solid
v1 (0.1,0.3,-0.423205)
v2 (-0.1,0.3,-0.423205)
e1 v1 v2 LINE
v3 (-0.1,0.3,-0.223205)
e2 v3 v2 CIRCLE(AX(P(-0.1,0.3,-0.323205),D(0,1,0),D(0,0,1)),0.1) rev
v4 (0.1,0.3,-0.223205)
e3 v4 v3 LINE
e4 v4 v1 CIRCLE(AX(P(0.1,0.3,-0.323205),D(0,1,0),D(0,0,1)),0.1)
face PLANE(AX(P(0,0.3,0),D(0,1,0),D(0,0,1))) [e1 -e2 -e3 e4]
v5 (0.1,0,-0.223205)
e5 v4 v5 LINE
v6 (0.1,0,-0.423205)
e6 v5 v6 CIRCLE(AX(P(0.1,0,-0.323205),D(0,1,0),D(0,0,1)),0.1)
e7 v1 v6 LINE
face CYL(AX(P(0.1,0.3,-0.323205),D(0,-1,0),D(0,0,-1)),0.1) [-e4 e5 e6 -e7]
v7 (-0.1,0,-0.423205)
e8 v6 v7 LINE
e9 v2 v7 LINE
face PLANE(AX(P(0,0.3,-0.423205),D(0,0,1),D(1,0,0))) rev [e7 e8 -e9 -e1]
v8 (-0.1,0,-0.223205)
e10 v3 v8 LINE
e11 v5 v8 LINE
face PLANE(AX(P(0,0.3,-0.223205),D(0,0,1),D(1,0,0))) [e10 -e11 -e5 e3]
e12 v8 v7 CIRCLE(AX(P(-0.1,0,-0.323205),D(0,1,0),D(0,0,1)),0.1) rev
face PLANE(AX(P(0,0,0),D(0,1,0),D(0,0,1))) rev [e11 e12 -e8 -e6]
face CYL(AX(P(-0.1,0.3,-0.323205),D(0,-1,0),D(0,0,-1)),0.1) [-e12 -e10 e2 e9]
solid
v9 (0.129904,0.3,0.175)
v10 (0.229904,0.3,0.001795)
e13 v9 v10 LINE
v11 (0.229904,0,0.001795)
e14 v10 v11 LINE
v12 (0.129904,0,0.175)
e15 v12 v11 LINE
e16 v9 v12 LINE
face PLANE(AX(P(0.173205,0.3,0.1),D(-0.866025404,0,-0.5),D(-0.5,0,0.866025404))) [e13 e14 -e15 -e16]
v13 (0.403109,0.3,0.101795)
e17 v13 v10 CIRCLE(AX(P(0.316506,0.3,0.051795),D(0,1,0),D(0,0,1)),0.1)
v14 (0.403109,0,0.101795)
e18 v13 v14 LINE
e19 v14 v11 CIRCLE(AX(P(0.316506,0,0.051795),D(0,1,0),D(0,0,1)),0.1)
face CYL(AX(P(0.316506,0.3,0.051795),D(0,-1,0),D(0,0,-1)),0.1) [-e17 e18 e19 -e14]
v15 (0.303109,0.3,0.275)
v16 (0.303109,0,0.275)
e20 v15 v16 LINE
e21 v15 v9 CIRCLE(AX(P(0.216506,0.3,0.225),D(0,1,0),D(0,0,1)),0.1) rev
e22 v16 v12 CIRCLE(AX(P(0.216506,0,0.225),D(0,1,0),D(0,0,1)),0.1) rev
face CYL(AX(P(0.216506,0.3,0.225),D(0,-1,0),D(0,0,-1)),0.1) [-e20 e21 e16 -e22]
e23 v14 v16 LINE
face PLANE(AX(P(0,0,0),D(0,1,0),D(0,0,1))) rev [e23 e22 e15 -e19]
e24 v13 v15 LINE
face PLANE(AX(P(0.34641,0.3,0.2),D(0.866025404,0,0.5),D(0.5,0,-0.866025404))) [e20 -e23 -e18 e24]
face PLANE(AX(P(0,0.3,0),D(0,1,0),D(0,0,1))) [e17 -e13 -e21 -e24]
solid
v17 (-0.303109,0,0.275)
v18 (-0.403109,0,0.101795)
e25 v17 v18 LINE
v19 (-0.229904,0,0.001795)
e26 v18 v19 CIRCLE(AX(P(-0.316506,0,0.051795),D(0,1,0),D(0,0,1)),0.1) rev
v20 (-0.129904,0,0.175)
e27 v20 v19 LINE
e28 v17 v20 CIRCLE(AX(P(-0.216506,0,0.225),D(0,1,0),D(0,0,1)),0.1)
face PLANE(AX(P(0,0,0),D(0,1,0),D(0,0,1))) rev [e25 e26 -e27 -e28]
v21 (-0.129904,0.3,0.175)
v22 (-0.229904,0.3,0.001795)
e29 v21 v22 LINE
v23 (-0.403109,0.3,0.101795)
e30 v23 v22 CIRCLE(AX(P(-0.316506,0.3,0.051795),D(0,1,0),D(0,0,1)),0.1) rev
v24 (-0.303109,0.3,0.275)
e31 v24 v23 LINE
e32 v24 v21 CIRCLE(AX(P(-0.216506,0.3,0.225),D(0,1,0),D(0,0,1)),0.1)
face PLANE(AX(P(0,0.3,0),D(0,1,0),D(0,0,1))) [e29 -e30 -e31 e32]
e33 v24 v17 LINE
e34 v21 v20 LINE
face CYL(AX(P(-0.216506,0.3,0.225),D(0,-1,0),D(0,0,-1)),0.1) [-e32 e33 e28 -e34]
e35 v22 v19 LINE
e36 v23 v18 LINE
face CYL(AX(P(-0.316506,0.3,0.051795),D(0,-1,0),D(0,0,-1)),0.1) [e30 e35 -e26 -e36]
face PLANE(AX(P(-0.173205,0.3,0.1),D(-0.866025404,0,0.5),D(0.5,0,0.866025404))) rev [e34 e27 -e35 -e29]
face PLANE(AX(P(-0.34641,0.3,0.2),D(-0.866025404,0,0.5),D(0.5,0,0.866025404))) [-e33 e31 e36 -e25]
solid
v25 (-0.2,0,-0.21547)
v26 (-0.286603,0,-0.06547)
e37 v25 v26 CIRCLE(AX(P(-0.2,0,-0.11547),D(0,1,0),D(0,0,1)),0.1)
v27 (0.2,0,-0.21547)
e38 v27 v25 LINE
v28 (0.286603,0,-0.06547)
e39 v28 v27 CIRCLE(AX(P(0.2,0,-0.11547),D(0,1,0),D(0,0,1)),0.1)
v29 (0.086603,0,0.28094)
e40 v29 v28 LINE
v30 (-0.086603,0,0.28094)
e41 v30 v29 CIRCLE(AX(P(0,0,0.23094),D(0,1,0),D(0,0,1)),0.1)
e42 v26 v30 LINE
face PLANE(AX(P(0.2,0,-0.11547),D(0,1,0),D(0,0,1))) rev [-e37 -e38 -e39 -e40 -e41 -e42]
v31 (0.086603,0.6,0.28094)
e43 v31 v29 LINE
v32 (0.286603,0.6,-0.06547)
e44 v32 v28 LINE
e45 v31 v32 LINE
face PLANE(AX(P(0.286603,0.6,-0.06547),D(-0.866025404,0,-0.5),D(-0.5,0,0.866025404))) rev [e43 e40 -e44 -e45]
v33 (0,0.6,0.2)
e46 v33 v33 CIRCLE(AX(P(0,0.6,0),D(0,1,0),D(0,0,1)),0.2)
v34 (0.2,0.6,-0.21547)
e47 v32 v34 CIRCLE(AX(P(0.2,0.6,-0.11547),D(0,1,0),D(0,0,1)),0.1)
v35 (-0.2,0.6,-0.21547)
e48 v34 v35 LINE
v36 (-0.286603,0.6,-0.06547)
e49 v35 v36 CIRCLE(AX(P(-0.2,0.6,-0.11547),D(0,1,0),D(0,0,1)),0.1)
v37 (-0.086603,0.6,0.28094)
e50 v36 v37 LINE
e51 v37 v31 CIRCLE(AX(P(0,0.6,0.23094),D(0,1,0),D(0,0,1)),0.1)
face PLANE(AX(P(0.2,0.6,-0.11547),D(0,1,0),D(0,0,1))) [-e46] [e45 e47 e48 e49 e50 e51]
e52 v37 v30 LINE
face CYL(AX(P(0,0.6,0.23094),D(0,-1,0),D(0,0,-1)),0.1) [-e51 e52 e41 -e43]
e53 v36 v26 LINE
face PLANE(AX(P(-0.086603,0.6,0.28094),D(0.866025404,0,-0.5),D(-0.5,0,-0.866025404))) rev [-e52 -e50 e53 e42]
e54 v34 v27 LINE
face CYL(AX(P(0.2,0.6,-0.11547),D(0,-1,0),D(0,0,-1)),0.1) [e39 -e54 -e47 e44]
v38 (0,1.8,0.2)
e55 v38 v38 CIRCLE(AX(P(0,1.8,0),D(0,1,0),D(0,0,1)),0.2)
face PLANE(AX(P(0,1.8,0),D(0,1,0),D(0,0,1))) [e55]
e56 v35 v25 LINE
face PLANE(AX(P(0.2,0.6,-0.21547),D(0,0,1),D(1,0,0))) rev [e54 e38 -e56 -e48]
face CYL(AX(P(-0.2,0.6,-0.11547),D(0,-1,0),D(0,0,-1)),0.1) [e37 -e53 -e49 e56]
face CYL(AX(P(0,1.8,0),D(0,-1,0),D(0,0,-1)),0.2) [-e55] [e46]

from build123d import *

# Parameters (mm, degrees)
BOSS_EXTRUDE1_DEPTH   = 0.6
BOSS_EXTRUDE2_DEPTH   = 0.3
BOSS_EXTRUDE2_2_DEPTH = 0.3
BOSS_EXTRUDE2_3_DEPTH = 0.3
SKETCH3_R             = 0.2
BOSS_EXTRUDE3_DEPTH   = 1.2


with BuildPart() as part:
    # Sketch1 → Boss-Extrude1 (new body)
    with BuildSketch(Plane(origin=(0, 0, 0), x_dir=(1, 0, 0), z_dir=(0, 1, 0))):
        with BuildLine():
            Line((0.28660254, 0.065470054), (0.08660254, -0.280940108))
            ThreePointArc((0.08660254, -0.280940108), (0, -0.330940108), (-0.08660254, -0.280940108))
            Line((-0.08660254, -0.280940108), (-0.28660254, 0.065470054))
            ThreePointArc((-0.28660254, 0.065470054), (-0.28660254, 0.165470054), (-0.2, 0.215470054))
            Line((-0.2, 0.215470054), (0.2, 0.215470054))
            ThreePointArc((0.2, 0.215470054), (0.28660254, 0.165470054), (0.28660254, 0.065470054))
        make_face()
    extrude(amount=BOSS_EXTRUDE1_DEPTH)

    # Sketch3 → Boss-Extrude3 (add)
    with BuildSketch(Plane(origin=(0, 0.6, 0), x_dir=(1, 0, 0), z_dir=(0, 1, 0))):
        with Locations(Location((0, 0, 0), (0, 0, 270))):
            Circle(SKETCH3_R)
    extrude(amount=BOSS_EXTRUDE3_DEPTH)


with BuildPart() as body_2:
    # Sketch2 → Boss-Extrude2 (new body)
    with BuildSketch(Plane(origin=(0, 0, 0), x_dir=(1, 0, 0), z_dir=(0, 1, 0))):
        with BuildLine():
            Line((0.403108891, -0.101794919), (0.303108891, -0.275))
            ThreePointArc((0.303108891, -0.275), (0.166506351, -0.31160254), (0.129903811, -0.175))
            Line((0.129903811, -0.175), (0.229903811, -0.001794919))
            ThreePointArc((0.229903811, -0.001794919), (0.366506351, 0.034807621), (0.403108891, -0.101794919))
        make_face()
    extrude(amount=BOSS_EXTRUDE2_DEPTH)


with BuildPart() as body_3:
    # Sketch2 → Boss-Extrude2 2 (new body)
    with BuildSketch(Plane(origin=(0, 0, 0), x_dir=(1, 0, 0), z_dir=(0, 1, 0))):
        with BuildLine():
            Line((0.1, 0.423205081), (-0.1, 0.423205081))
            ThreePointArc((-0.1, 0.423205081), (-0.2, 0.323205081), (-0.1, 0.223205081))
            Line((-0.1, 0.223205081), (0.1, 0.223205081))
            ThreePointArc((0.1, 0.223205081), (0.2, 0.323205081), (0.1, 0.423205081))
        make_face()
    extrude(amount=BOSS_EXTRUDE2_2_DEPTH)


with BuildPart() as body_4:
    # Sketch2 → Boss-Extrude2 3 (new body)
    with BuildSketch(Plane(origin=(0, 0, 0), x_dir=(1, 0, 0), z_dir=(0, 1, 0))):
        with BuildLine():
            Line((-0.303108891, -0.275), (-0.403108891, -0.101794919))
            ThreePointArc((-0.403108891, -0.101794919), (-0.366506351, 0.034807621), (-0.229903811, -0.001794919))
            Line((-0.229903811, -0.001794919), (-0.129903811, -0.175))
            ThreePointArc((-0.129903811, -0.175), (-0.166506351, -0.31160254), (-0.303108891, -0.275))
        make_face()
    extrude(amount=BOSS_EXTRUDE2_3_DEPTH)


solid = Compound([part.part, body_2.part, body_3.part, body_4.part])
